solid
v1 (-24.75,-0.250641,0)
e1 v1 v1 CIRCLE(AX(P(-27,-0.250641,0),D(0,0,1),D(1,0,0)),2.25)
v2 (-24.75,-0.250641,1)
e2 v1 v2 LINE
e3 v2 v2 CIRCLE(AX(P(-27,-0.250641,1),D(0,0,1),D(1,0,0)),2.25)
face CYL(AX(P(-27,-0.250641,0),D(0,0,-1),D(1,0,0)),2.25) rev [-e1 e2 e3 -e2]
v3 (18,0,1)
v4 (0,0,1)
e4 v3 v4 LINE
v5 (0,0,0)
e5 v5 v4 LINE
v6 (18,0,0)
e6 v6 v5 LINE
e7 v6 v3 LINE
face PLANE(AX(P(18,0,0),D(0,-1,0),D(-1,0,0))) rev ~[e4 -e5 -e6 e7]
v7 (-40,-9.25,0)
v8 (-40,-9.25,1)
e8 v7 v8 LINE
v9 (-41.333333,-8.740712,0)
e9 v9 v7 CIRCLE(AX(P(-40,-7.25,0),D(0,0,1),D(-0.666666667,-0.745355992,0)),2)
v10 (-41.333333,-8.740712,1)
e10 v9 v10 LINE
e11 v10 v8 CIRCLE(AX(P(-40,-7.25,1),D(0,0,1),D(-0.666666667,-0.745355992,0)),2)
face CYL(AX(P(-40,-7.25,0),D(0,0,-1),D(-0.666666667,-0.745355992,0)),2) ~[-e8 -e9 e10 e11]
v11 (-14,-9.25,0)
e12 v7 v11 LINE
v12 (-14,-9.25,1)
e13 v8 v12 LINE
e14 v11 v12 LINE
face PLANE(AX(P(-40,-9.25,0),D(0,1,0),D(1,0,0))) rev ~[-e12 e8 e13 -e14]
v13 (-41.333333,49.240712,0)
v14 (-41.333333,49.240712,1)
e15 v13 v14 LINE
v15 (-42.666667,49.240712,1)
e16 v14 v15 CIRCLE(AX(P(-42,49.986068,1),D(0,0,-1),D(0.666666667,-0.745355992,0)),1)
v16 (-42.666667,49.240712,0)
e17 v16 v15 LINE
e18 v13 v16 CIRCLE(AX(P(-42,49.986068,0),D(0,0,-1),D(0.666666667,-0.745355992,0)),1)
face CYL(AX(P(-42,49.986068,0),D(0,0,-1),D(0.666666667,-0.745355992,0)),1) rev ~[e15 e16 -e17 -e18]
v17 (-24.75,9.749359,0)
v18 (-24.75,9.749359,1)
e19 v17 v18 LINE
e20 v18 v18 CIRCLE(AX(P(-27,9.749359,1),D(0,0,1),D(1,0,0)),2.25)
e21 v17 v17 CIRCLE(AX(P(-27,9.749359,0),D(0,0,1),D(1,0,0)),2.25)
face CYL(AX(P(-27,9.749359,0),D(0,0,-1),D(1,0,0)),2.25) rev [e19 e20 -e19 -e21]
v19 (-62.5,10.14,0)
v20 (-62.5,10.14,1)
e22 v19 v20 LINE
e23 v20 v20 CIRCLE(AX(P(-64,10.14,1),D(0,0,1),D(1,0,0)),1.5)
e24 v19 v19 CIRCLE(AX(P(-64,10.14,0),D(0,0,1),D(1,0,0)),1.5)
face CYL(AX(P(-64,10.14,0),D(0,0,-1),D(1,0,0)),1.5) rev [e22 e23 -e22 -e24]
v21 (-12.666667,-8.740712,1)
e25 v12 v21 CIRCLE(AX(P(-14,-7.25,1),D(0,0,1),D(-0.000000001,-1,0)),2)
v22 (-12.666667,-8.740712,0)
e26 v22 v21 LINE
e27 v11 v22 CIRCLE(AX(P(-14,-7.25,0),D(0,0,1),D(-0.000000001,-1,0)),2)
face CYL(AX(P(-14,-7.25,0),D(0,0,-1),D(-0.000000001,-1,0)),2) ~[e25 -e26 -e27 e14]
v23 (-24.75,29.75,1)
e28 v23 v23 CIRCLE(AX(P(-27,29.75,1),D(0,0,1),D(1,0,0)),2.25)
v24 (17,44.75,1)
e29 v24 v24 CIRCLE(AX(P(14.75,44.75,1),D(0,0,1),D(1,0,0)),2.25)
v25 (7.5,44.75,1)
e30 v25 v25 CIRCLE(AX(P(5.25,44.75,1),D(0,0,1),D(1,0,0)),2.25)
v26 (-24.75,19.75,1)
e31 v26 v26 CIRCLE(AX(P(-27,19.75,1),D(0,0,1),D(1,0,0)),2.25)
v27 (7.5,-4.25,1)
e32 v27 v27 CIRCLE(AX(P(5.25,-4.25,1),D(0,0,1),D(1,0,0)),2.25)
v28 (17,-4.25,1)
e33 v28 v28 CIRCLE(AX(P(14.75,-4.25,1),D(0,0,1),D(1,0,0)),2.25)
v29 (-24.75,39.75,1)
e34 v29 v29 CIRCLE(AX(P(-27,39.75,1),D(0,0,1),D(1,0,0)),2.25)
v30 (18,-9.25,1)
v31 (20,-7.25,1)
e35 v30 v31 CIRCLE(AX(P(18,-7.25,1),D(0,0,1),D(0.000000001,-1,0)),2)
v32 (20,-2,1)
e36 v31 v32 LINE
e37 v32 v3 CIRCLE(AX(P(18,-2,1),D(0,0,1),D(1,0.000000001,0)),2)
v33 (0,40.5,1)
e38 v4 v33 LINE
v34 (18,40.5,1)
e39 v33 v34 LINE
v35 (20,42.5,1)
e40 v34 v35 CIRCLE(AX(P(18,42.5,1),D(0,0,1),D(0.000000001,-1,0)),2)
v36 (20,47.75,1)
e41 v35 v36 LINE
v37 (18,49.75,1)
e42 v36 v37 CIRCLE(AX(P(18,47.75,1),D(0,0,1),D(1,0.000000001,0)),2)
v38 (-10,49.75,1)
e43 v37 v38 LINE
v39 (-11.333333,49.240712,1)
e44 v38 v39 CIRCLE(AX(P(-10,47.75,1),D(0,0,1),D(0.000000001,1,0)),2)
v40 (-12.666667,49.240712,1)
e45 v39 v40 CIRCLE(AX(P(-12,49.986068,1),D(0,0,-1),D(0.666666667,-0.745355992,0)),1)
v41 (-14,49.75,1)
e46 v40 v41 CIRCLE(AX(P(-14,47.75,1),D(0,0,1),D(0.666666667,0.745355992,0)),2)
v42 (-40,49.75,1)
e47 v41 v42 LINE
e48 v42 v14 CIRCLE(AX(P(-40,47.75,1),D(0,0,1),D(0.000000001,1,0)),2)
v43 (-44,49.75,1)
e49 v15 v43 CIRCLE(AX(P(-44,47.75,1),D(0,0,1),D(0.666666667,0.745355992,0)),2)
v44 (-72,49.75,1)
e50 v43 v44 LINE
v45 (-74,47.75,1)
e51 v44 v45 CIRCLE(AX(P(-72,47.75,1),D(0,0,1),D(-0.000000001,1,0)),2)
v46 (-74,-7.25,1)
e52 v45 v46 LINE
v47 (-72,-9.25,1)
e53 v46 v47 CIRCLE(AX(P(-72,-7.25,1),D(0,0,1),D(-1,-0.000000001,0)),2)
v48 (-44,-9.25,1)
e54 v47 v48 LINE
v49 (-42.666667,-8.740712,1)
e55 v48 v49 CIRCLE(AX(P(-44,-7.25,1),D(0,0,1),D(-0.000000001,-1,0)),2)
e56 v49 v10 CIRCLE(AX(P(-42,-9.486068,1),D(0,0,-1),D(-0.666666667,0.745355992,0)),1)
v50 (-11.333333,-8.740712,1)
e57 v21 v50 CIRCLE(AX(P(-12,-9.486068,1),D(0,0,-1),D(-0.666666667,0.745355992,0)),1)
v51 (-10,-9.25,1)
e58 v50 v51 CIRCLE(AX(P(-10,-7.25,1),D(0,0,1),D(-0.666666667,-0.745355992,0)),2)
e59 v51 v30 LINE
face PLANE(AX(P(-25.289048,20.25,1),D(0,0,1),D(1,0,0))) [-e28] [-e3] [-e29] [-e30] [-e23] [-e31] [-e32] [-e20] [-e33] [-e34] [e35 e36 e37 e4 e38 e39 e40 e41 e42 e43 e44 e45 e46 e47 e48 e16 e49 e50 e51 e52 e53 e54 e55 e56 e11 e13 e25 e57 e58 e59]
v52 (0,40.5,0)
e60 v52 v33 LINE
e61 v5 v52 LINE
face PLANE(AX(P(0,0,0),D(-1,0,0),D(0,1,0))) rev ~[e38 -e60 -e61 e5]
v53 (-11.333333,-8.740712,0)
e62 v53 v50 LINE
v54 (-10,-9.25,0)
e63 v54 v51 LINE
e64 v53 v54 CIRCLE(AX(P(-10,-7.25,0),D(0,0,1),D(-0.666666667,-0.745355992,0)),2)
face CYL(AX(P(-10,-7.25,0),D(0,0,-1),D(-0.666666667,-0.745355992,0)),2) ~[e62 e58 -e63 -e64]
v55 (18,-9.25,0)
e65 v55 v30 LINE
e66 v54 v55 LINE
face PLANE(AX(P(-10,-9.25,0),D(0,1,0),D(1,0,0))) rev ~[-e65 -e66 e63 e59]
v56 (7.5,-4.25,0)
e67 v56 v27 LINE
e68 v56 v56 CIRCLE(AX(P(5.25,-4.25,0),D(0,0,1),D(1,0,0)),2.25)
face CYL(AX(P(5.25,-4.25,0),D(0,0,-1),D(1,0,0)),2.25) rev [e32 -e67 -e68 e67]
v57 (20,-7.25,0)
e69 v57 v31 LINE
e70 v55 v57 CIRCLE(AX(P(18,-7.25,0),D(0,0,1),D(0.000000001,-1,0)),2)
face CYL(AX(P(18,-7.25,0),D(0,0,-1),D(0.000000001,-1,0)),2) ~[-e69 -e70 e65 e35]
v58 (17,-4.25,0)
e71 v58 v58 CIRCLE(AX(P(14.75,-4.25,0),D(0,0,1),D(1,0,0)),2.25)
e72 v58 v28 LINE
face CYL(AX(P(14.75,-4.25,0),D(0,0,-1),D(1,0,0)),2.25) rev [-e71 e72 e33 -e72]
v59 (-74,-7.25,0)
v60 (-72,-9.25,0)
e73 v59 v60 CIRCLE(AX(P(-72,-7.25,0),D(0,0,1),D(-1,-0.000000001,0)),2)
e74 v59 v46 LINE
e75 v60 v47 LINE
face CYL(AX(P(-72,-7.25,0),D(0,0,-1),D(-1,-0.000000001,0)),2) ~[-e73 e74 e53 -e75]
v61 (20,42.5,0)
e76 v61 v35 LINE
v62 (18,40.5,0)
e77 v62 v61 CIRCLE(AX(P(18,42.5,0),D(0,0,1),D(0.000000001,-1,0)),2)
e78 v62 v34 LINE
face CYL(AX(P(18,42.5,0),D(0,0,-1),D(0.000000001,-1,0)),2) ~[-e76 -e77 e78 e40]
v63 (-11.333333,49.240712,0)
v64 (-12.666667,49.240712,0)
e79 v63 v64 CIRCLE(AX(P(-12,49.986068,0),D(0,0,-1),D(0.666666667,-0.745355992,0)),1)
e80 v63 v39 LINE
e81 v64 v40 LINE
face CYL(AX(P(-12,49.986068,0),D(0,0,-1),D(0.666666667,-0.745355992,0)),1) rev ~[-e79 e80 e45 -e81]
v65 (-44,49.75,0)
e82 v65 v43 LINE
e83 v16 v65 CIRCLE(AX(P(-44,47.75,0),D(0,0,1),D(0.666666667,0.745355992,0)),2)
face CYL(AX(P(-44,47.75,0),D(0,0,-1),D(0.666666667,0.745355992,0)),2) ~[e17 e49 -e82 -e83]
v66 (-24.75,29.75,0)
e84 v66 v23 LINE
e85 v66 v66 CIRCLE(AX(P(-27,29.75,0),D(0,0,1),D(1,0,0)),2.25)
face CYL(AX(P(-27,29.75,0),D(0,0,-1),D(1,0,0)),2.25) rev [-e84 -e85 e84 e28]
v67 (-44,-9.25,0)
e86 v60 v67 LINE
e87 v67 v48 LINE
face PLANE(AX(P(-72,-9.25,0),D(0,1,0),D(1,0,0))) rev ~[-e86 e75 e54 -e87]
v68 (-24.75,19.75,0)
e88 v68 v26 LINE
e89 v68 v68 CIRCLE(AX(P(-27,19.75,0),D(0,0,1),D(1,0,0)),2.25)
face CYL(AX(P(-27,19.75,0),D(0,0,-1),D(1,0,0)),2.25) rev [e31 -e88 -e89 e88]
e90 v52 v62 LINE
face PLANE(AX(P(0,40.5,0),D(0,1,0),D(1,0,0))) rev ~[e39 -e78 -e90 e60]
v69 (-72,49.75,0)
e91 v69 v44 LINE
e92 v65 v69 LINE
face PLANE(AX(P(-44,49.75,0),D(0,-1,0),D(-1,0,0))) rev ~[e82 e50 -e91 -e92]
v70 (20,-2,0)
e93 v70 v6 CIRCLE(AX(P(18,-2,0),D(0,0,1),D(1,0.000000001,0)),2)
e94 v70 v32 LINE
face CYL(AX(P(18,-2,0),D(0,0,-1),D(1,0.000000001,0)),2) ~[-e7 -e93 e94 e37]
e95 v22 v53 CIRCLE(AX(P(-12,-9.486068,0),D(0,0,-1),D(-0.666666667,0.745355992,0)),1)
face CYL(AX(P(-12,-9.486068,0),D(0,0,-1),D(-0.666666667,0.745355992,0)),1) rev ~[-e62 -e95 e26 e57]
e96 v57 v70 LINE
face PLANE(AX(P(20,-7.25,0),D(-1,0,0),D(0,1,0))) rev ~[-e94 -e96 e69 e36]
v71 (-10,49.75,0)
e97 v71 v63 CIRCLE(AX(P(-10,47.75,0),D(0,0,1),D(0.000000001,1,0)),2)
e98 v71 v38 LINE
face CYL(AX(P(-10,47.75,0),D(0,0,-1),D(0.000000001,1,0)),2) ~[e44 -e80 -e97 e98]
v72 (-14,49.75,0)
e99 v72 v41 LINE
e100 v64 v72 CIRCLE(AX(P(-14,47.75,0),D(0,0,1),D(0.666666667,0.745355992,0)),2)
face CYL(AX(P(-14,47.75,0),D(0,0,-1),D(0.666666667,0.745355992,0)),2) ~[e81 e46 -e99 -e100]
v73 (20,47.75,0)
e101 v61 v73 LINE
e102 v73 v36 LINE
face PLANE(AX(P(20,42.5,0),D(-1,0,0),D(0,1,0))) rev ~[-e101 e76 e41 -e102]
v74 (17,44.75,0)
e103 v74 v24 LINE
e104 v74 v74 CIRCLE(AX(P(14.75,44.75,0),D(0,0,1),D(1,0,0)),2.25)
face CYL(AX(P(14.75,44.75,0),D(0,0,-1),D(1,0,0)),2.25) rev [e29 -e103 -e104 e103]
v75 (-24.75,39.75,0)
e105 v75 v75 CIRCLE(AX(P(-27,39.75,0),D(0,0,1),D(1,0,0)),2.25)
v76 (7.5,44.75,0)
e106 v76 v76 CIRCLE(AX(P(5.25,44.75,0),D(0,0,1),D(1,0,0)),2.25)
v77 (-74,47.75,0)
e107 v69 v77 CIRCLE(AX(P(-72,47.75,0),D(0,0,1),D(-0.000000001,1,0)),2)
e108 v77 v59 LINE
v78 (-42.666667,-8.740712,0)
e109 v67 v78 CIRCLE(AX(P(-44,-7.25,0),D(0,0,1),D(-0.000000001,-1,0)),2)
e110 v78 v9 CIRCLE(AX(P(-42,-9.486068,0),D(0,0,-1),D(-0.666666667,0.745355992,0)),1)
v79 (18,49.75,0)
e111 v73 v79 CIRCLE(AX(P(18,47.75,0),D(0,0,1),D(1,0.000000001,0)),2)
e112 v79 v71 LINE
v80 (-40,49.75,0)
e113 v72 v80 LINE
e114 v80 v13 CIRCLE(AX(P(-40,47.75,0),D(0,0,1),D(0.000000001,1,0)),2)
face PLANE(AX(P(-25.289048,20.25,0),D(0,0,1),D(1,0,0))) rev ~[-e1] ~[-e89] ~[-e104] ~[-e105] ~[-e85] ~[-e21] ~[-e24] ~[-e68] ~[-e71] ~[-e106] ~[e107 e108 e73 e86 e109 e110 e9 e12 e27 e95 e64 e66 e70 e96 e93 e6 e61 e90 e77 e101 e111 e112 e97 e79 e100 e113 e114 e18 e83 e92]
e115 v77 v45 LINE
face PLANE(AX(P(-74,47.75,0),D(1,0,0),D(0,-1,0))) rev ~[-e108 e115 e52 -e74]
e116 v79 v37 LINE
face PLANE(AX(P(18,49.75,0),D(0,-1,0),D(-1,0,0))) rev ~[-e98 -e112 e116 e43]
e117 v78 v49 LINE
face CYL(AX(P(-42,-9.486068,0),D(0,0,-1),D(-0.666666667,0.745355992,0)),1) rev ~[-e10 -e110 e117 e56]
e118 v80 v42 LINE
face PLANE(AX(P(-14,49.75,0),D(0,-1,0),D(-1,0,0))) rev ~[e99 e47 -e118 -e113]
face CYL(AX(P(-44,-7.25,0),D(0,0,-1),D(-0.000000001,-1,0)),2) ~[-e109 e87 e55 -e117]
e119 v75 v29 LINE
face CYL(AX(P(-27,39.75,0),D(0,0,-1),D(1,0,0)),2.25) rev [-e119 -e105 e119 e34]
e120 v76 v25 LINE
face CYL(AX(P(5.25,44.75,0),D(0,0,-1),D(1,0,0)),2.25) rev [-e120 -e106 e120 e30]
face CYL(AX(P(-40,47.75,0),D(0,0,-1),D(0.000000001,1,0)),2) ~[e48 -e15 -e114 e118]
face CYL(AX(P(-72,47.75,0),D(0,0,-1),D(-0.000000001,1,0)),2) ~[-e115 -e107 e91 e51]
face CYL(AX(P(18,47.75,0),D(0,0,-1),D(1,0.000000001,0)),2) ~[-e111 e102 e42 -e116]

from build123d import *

# Parameters (mm, degrees)
SKETCH1_R           = 2.25
SKETCH1_R_2         = 1.5
BOSS_EXTRUDE1_DEPTH = 1


with BuildPart() as part:
    # Sketch1 → Boss-Extrude1 (new body)
    with BuildSketch(Plane.XY):
        with BuildLine():
            Line((20, 42.5), (20, 47.75))
            ThreePointArc((20, 47.75), (19.414213562, 49.164213562), (18, 49.75))
            Line((18, 49.75), (-10, 49.75))
            ThreePointArc((-10, 49.75), (-10.71364418, 49.618344718), (-11.333333333, 49.240711985))
            ThreePointArc((-11.333333333, 49.240711985), (-12, 48.986067977), (-12.666666667, 49.240711985))
            ThreePointArc((-12.666666667, 49.240711985), (-13.28635582, 49.618344718), (-14, 49.75))
            Line((-14, 49.75), (-40, 49.75))
            ThreePointArc((-40, 49.75), (-40.71364418, 49.618344718), (-41.333333333, 49.240711985))
            ThreePointArc((-41.333333333, 49.240711985), (-42, 48.986067977), (-42.666666667, 49.240711985))
            ThreePointArc((-42.666666667, 49.240711985), (-43.28635582, 49.618344718), (-44, 49.75))
            Line((-44, 49.75), (-72, 49.75))
            ThreePointArc((-72, 49.75), (-73.414213562, 49.164213562), (-74, 47.75))
            Line((-74, 47.75), (-74, -7.25))
            ThreePointArc((-74, -7.25), (-73.414213562, -8.664213562), (-72, -9.25))
            Line((-72, -9.25), (-44, -9.25))
            ThreePointArc((-44, -9.25), (-43.28635582, -9.118344718), (-42.666666667, -8.740711985))
            ThreePointArc((-42.666666667, -8.740711985), (-42, -8.486067977), (-41.333333333, -8.740711985))
            ThreePointArc((-41.333333333, -8.740711985), (-40.71364418, -9.118344718), (-40, -9.25))
            Line((-40, -9.25), (-14, -9.25))
            ThreePointArc((-14, -9.25), (-13.28635582, -9.118344718), (-12.666666667, -8.740711985))
            ThreePointArc((-12.666666667, -8.740711985), (-12, -8.486067977), (-11.333333333, -8.740711985))
            ThreePointArc((-11.333333333, -8.740711985), (-10.71364418, -9.118344718), (-10, -9.25))
            Line((-10, -9.25), (18, -9.25))
            ThreePointArc((18, -9.25), (19.414213562, -8.664213562), (20, -7.25))
            Line((20, -7.25), (20, -2))
            ThreePointArc((20, -2), (19.414213562, -0.585786438), (18, 0))
            Line((18, 0), (0, 0))
            Line((0, 0), (0, 40.5))
            Line((0, 40.5), (18, 40.5))
            ThreePointArc((18, 40.5), (19.414213562, 41.085786438), (20, 42.5))
        make_face()
        with Locations((5.25, 44.75)):
            Circle(SKETCH1_R, mode=Mode.SUBTRACT)
        with Locations((14.75, 44.75)):
            Circle(SKETCH1_R, mode=Mode.SUBTRACT)
        with Locations((14.75, -4.25)):
            Circle(SKETCH1_R, mode=Mode.SUBTRACT)
        with Locations((5.25, -4.25)):
            Circle(SKETCH1_R, mode=Mode.SUBTRACT)
        with Locations((-27, 39.75)):
            Circle(SKETCH1_R, mode=Mode.SUBTRACT)
        with Locations((-27, 29.75)):
            Circle(SKETCH1_R, mode=Mode.SUBTRACT)
        with Locations((-27, 19.75)):
            Circle(SKETCH1_R, mode=Mode.SUBTRACT)
        with Locations((-27, 9.749358603)):
            Circle(SKETCH1_R, mode=Mode.SUBTRACT)
        with Locations((-27, -0.250641397)):
            Circle(SKETCH1_R, mode=Mode.SUBTRACT)
        with Locations((-64, 10.14)):
            Circle(SKETCH1_R_2, mode=Mode.SUBTRACT)
    extrude(amount=BOSS_EXTRUDE1_DEPTH)


solid = part.part
